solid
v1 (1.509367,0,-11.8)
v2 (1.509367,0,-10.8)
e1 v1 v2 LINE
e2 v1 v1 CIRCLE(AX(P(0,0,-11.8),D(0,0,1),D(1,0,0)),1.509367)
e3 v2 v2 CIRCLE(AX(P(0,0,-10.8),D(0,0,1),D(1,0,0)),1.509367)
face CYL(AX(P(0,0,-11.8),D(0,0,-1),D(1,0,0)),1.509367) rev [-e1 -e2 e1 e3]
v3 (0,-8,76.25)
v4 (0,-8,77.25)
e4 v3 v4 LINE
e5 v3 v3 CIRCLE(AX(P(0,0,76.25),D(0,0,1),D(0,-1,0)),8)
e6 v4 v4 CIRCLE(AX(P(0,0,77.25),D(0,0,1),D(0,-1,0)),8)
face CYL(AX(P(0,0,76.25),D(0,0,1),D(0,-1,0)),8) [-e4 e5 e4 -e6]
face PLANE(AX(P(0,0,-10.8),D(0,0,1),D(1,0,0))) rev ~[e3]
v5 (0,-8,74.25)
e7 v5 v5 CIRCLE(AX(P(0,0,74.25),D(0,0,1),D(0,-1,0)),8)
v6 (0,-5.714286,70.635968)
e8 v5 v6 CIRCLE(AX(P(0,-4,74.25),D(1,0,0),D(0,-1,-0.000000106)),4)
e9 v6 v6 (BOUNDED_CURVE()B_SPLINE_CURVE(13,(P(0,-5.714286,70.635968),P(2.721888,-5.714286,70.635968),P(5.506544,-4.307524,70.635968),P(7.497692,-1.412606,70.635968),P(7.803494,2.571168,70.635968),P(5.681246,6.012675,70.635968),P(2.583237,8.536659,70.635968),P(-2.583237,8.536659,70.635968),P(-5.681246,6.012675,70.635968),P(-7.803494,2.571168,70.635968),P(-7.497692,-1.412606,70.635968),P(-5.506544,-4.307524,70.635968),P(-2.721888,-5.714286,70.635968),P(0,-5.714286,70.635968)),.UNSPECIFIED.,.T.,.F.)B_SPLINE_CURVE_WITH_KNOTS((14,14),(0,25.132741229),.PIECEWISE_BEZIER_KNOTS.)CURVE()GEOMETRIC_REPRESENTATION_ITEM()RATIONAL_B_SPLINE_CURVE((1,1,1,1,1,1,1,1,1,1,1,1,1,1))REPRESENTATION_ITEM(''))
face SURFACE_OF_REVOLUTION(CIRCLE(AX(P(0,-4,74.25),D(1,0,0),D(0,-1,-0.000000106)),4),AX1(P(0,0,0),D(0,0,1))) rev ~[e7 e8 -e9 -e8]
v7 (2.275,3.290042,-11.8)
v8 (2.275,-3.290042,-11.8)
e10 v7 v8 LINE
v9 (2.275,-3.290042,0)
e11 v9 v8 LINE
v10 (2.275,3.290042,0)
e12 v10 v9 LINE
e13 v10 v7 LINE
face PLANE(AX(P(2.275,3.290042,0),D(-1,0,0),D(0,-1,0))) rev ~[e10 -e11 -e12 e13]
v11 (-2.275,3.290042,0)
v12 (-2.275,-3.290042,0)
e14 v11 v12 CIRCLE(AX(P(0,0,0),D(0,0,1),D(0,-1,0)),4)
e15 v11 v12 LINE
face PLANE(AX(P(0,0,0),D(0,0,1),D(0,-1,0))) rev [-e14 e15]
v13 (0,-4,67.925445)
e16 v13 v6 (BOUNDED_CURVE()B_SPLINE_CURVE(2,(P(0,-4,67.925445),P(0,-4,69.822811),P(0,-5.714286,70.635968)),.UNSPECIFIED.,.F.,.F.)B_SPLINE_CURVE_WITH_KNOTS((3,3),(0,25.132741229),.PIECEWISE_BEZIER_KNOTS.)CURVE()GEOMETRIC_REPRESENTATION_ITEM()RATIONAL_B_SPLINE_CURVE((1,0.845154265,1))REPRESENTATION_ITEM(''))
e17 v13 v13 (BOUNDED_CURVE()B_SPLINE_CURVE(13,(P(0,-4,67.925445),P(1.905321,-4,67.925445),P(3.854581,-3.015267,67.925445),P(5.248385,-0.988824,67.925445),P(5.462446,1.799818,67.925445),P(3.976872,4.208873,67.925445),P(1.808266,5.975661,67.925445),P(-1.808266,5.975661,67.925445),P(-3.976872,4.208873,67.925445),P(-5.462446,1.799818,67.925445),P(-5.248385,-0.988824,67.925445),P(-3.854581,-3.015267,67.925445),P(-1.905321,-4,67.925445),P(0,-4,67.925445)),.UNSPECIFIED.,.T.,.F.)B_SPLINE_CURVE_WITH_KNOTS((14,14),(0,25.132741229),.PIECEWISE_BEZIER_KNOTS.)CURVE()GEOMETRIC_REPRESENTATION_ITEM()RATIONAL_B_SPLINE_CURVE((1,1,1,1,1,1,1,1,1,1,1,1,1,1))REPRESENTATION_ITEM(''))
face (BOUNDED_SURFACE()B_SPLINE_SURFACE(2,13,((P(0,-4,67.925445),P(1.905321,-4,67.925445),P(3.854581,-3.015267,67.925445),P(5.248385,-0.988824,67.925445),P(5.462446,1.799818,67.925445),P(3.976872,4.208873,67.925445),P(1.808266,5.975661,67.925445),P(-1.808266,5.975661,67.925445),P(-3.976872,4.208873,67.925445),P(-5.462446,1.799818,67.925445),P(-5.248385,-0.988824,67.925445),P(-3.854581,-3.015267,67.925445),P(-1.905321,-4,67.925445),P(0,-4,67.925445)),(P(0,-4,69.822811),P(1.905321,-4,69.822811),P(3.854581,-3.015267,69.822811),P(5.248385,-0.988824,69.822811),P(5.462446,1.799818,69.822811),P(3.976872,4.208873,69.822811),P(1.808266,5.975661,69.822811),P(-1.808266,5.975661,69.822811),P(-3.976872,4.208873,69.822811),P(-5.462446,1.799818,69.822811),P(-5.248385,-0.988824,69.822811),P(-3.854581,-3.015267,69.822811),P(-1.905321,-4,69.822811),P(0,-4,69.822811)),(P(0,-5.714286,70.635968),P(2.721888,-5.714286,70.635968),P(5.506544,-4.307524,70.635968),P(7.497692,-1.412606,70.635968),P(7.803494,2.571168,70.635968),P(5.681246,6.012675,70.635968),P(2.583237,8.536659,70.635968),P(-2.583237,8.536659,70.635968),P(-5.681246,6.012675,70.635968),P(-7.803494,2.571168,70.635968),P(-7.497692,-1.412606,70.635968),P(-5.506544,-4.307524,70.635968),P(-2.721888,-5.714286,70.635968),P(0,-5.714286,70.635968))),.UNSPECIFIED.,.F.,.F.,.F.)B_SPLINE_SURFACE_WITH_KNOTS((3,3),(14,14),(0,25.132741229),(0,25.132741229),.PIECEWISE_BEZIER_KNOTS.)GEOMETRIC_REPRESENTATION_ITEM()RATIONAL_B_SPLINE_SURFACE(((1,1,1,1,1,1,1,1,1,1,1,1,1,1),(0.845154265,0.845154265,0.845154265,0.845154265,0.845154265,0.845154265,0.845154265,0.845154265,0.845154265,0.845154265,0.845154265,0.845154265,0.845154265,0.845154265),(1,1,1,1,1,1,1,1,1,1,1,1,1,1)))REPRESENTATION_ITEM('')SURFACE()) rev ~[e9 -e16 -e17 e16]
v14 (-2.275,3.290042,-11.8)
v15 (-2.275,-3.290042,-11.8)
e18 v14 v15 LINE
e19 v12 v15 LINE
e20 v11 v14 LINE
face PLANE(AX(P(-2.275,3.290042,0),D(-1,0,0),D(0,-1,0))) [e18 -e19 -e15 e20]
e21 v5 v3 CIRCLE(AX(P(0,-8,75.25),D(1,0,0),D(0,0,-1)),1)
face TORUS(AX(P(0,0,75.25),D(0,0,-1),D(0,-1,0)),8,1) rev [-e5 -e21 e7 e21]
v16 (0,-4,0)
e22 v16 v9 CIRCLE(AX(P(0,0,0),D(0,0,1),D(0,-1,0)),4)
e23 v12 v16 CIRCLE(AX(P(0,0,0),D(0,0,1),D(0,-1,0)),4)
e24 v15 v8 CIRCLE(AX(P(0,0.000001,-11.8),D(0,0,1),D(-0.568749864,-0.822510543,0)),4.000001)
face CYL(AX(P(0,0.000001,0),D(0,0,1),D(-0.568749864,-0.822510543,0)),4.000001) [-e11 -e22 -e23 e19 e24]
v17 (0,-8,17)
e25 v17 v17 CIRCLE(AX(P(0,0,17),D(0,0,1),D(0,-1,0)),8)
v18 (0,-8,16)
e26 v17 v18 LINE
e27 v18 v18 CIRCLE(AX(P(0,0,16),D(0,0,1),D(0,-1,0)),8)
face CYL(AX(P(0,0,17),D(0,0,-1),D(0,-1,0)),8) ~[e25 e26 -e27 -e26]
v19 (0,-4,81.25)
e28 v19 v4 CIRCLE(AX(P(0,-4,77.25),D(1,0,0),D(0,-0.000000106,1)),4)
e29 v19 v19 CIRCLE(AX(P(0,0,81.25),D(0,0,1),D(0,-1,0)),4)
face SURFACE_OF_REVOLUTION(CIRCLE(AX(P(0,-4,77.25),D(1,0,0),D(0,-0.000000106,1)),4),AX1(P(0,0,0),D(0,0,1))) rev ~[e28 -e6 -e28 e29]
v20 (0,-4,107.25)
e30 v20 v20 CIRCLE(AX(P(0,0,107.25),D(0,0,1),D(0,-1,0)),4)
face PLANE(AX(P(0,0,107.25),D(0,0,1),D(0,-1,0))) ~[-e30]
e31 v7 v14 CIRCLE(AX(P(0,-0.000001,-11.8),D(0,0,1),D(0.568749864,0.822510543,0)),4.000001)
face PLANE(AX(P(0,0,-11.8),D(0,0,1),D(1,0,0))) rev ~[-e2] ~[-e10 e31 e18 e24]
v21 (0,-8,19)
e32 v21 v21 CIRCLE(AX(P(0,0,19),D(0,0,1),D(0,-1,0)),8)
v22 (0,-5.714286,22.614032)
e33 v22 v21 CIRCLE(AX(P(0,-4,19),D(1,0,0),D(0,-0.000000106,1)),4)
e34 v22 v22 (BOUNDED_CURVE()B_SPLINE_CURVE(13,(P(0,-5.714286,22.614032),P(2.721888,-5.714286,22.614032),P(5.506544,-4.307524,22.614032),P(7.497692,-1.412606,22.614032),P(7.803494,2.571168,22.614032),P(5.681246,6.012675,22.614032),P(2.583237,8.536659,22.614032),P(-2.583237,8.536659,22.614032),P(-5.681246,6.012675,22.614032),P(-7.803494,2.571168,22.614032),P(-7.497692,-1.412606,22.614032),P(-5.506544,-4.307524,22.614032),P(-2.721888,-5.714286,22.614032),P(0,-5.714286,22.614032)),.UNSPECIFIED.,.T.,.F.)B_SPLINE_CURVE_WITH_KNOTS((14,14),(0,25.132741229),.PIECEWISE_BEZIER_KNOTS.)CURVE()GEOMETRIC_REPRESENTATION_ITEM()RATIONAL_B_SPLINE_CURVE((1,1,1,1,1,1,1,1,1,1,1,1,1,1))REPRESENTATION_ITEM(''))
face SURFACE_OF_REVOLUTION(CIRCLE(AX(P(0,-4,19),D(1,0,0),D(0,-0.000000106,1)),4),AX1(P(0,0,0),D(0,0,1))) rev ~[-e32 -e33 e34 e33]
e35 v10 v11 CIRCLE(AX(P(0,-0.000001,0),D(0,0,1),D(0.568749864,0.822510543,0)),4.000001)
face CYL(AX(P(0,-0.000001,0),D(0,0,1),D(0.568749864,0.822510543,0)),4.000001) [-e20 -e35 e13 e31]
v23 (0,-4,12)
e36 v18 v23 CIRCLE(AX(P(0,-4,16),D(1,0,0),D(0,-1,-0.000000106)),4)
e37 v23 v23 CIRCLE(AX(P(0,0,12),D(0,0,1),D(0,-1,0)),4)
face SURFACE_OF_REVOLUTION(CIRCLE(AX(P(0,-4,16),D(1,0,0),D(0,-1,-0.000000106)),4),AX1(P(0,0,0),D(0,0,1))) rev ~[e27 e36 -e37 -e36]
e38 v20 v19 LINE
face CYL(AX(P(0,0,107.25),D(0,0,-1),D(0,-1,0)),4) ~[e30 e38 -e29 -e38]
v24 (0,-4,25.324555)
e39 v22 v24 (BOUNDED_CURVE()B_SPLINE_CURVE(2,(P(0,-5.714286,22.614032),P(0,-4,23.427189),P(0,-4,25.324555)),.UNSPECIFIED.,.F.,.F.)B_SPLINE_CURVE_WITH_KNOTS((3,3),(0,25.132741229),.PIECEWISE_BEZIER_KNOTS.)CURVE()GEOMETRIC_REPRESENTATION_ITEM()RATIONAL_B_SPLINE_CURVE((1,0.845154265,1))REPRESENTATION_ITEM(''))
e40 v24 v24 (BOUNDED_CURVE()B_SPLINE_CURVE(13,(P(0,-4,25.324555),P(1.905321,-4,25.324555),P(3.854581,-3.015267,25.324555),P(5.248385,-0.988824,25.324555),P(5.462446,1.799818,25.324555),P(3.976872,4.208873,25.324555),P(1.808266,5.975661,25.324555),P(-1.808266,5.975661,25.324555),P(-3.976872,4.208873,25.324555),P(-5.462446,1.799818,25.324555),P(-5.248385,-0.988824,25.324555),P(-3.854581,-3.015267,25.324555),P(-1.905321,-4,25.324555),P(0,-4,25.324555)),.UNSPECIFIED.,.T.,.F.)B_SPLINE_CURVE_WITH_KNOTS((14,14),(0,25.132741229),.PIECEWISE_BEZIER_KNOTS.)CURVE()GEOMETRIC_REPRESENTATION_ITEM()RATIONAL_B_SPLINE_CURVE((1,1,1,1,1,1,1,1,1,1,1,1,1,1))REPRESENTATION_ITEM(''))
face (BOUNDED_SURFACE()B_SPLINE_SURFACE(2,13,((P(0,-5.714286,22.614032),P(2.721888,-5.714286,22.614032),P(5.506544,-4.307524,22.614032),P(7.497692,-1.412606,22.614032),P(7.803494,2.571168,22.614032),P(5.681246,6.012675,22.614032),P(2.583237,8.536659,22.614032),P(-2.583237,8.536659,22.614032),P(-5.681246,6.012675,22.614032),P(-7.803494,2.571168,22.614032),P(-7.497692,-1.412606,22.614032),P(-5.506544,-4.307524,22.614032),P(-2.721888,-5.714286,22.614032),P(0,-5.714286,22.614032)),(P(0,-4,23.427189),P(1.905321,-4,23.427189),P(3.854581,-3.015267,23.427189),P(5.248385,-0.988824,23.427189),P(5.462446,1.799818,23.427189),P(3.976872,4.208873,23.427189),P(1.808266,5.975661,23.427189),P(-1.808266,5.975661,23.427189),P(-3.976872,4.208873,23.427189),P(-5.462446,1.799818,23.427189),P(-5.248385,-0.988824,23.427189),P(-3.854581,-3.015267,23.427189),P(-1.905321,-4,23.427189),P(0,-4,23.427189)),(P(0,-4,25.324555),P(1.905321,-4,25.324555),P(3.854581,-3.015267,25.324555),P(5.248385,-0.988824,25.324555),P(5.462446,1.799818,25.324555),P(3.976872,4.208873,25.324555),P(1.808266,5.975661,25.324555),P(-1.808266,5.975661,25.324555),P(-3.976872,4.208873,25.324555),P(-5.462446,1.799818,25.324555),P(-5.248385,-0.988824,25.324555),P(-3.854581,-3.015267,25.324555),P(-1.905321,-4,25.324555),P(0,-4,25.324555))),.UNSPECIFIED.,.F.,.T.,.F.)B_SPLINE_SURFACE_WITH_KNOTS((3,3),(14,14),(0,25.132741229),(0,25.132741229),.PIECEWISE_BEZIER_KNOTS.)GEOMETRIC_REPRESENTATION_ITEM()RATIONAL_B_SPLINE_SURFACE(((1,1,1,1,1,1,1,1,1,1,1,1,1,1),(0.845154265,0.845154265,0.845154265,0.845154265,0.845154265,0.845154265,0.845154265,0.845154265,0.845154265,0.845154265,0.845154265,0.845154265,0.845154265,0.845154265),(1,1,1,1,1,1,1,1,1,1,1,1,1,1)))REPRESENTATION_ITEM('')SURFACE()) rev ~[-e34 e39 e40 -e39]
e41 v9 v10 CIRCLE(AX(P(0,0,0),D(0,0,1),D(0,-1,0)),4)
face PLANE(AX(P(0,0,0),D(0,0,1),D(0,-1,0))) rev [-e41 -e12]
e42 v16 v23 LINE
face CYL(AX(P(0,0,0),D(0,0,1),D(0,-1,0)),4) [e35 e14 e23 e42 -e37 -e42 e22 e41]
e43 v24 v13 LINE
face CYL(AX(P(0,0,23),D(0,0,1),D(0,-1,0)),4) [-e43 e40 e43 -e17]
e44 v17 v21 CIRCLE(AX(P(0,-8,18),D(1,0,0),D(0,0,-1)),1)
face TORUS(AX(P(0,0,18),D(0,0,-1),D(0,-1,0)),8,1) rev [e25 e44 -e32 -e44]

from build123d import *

# Parameters (mm, degrees)
FILLET_R     = 3
PAD_DEPTH    = 11.8
SKETCH002_R  = 1.509367
POCKET_DEPTH = 1


with BuildPart() as part:
    # Sketch → Revolution (revolve)
    with BuildSketch(Plane.YZ):
        with BuildLine():
            Line((0, 0), (-4, 0))
            Line((-4, 0), (-4, 12))
            ThreePointArc((-8, 16), (-6.828427, 13.171573), (-4, 12))
            Line((-8, 17), (-8, 16))
            ThreePointArc((-8, 17), (-7, 18), (-8, 19))
            ThreePointArc((-4, 23), (-6.828427, 21.828427), (-8, 19))
            Line((-4, 23), (-4, 70.25))
            ThreePointArc((-8, 74.25), (-6.828427, 71.421573), (-4, 70.25))
            ThreePointArc((-8, 74.25), (-7, 75.25), (-8, 76.25))
            Line((-8, 76.25), (-8, 77.25))
            ThreePointArc((-4, 81.25), (-6.828427, 80.078427), (-8, 77.25))
            Line((-4, 107.25), (-4, 81.25))
            Line((0, 107.25), (-4, 107.25))
            Line((0, 0), (0, 107.25))
        make_face()
    revolve(axis=Axis((0, 0, 0), (0, 0, 1)))

    # Fillet
    fillet_edges = [part.edges().sort_by_distance(p)[0] for p in [
        (0, 4, 23),
        (0, 4, 70.25),
        (0, -4, 46.625),
    ]]
    fillet(fillet_edges, radius=FILLET_R)

    # Sketch001 → Pad (new body)
    with BuildSketch(Plane.XY):
        with BuildLine():
            ThreePointArc((2.275, 3.290042), (0, 4), (-2.275, 3.290042))
            Line((-2.275, 3.290042), (-2.275, -3.290042))
            ThreePointArc((-2.275, -3.290042), (0, -4), (2.275, -3.290042))
            Line((2.275, 3.290042), (2.275, -3.290042))
        make_face()
    extrude(amount=-PAD_DEPTH)

    # Sketch002 → Pocket (cut)
    with BuildSketch(Plane.XY.offset(-11.8)):
        Circle(SKETCH002_R)
    extrude(amount=POCKET_DEPTH, mode=Mode.SUBTRACT)


solid = part.part
